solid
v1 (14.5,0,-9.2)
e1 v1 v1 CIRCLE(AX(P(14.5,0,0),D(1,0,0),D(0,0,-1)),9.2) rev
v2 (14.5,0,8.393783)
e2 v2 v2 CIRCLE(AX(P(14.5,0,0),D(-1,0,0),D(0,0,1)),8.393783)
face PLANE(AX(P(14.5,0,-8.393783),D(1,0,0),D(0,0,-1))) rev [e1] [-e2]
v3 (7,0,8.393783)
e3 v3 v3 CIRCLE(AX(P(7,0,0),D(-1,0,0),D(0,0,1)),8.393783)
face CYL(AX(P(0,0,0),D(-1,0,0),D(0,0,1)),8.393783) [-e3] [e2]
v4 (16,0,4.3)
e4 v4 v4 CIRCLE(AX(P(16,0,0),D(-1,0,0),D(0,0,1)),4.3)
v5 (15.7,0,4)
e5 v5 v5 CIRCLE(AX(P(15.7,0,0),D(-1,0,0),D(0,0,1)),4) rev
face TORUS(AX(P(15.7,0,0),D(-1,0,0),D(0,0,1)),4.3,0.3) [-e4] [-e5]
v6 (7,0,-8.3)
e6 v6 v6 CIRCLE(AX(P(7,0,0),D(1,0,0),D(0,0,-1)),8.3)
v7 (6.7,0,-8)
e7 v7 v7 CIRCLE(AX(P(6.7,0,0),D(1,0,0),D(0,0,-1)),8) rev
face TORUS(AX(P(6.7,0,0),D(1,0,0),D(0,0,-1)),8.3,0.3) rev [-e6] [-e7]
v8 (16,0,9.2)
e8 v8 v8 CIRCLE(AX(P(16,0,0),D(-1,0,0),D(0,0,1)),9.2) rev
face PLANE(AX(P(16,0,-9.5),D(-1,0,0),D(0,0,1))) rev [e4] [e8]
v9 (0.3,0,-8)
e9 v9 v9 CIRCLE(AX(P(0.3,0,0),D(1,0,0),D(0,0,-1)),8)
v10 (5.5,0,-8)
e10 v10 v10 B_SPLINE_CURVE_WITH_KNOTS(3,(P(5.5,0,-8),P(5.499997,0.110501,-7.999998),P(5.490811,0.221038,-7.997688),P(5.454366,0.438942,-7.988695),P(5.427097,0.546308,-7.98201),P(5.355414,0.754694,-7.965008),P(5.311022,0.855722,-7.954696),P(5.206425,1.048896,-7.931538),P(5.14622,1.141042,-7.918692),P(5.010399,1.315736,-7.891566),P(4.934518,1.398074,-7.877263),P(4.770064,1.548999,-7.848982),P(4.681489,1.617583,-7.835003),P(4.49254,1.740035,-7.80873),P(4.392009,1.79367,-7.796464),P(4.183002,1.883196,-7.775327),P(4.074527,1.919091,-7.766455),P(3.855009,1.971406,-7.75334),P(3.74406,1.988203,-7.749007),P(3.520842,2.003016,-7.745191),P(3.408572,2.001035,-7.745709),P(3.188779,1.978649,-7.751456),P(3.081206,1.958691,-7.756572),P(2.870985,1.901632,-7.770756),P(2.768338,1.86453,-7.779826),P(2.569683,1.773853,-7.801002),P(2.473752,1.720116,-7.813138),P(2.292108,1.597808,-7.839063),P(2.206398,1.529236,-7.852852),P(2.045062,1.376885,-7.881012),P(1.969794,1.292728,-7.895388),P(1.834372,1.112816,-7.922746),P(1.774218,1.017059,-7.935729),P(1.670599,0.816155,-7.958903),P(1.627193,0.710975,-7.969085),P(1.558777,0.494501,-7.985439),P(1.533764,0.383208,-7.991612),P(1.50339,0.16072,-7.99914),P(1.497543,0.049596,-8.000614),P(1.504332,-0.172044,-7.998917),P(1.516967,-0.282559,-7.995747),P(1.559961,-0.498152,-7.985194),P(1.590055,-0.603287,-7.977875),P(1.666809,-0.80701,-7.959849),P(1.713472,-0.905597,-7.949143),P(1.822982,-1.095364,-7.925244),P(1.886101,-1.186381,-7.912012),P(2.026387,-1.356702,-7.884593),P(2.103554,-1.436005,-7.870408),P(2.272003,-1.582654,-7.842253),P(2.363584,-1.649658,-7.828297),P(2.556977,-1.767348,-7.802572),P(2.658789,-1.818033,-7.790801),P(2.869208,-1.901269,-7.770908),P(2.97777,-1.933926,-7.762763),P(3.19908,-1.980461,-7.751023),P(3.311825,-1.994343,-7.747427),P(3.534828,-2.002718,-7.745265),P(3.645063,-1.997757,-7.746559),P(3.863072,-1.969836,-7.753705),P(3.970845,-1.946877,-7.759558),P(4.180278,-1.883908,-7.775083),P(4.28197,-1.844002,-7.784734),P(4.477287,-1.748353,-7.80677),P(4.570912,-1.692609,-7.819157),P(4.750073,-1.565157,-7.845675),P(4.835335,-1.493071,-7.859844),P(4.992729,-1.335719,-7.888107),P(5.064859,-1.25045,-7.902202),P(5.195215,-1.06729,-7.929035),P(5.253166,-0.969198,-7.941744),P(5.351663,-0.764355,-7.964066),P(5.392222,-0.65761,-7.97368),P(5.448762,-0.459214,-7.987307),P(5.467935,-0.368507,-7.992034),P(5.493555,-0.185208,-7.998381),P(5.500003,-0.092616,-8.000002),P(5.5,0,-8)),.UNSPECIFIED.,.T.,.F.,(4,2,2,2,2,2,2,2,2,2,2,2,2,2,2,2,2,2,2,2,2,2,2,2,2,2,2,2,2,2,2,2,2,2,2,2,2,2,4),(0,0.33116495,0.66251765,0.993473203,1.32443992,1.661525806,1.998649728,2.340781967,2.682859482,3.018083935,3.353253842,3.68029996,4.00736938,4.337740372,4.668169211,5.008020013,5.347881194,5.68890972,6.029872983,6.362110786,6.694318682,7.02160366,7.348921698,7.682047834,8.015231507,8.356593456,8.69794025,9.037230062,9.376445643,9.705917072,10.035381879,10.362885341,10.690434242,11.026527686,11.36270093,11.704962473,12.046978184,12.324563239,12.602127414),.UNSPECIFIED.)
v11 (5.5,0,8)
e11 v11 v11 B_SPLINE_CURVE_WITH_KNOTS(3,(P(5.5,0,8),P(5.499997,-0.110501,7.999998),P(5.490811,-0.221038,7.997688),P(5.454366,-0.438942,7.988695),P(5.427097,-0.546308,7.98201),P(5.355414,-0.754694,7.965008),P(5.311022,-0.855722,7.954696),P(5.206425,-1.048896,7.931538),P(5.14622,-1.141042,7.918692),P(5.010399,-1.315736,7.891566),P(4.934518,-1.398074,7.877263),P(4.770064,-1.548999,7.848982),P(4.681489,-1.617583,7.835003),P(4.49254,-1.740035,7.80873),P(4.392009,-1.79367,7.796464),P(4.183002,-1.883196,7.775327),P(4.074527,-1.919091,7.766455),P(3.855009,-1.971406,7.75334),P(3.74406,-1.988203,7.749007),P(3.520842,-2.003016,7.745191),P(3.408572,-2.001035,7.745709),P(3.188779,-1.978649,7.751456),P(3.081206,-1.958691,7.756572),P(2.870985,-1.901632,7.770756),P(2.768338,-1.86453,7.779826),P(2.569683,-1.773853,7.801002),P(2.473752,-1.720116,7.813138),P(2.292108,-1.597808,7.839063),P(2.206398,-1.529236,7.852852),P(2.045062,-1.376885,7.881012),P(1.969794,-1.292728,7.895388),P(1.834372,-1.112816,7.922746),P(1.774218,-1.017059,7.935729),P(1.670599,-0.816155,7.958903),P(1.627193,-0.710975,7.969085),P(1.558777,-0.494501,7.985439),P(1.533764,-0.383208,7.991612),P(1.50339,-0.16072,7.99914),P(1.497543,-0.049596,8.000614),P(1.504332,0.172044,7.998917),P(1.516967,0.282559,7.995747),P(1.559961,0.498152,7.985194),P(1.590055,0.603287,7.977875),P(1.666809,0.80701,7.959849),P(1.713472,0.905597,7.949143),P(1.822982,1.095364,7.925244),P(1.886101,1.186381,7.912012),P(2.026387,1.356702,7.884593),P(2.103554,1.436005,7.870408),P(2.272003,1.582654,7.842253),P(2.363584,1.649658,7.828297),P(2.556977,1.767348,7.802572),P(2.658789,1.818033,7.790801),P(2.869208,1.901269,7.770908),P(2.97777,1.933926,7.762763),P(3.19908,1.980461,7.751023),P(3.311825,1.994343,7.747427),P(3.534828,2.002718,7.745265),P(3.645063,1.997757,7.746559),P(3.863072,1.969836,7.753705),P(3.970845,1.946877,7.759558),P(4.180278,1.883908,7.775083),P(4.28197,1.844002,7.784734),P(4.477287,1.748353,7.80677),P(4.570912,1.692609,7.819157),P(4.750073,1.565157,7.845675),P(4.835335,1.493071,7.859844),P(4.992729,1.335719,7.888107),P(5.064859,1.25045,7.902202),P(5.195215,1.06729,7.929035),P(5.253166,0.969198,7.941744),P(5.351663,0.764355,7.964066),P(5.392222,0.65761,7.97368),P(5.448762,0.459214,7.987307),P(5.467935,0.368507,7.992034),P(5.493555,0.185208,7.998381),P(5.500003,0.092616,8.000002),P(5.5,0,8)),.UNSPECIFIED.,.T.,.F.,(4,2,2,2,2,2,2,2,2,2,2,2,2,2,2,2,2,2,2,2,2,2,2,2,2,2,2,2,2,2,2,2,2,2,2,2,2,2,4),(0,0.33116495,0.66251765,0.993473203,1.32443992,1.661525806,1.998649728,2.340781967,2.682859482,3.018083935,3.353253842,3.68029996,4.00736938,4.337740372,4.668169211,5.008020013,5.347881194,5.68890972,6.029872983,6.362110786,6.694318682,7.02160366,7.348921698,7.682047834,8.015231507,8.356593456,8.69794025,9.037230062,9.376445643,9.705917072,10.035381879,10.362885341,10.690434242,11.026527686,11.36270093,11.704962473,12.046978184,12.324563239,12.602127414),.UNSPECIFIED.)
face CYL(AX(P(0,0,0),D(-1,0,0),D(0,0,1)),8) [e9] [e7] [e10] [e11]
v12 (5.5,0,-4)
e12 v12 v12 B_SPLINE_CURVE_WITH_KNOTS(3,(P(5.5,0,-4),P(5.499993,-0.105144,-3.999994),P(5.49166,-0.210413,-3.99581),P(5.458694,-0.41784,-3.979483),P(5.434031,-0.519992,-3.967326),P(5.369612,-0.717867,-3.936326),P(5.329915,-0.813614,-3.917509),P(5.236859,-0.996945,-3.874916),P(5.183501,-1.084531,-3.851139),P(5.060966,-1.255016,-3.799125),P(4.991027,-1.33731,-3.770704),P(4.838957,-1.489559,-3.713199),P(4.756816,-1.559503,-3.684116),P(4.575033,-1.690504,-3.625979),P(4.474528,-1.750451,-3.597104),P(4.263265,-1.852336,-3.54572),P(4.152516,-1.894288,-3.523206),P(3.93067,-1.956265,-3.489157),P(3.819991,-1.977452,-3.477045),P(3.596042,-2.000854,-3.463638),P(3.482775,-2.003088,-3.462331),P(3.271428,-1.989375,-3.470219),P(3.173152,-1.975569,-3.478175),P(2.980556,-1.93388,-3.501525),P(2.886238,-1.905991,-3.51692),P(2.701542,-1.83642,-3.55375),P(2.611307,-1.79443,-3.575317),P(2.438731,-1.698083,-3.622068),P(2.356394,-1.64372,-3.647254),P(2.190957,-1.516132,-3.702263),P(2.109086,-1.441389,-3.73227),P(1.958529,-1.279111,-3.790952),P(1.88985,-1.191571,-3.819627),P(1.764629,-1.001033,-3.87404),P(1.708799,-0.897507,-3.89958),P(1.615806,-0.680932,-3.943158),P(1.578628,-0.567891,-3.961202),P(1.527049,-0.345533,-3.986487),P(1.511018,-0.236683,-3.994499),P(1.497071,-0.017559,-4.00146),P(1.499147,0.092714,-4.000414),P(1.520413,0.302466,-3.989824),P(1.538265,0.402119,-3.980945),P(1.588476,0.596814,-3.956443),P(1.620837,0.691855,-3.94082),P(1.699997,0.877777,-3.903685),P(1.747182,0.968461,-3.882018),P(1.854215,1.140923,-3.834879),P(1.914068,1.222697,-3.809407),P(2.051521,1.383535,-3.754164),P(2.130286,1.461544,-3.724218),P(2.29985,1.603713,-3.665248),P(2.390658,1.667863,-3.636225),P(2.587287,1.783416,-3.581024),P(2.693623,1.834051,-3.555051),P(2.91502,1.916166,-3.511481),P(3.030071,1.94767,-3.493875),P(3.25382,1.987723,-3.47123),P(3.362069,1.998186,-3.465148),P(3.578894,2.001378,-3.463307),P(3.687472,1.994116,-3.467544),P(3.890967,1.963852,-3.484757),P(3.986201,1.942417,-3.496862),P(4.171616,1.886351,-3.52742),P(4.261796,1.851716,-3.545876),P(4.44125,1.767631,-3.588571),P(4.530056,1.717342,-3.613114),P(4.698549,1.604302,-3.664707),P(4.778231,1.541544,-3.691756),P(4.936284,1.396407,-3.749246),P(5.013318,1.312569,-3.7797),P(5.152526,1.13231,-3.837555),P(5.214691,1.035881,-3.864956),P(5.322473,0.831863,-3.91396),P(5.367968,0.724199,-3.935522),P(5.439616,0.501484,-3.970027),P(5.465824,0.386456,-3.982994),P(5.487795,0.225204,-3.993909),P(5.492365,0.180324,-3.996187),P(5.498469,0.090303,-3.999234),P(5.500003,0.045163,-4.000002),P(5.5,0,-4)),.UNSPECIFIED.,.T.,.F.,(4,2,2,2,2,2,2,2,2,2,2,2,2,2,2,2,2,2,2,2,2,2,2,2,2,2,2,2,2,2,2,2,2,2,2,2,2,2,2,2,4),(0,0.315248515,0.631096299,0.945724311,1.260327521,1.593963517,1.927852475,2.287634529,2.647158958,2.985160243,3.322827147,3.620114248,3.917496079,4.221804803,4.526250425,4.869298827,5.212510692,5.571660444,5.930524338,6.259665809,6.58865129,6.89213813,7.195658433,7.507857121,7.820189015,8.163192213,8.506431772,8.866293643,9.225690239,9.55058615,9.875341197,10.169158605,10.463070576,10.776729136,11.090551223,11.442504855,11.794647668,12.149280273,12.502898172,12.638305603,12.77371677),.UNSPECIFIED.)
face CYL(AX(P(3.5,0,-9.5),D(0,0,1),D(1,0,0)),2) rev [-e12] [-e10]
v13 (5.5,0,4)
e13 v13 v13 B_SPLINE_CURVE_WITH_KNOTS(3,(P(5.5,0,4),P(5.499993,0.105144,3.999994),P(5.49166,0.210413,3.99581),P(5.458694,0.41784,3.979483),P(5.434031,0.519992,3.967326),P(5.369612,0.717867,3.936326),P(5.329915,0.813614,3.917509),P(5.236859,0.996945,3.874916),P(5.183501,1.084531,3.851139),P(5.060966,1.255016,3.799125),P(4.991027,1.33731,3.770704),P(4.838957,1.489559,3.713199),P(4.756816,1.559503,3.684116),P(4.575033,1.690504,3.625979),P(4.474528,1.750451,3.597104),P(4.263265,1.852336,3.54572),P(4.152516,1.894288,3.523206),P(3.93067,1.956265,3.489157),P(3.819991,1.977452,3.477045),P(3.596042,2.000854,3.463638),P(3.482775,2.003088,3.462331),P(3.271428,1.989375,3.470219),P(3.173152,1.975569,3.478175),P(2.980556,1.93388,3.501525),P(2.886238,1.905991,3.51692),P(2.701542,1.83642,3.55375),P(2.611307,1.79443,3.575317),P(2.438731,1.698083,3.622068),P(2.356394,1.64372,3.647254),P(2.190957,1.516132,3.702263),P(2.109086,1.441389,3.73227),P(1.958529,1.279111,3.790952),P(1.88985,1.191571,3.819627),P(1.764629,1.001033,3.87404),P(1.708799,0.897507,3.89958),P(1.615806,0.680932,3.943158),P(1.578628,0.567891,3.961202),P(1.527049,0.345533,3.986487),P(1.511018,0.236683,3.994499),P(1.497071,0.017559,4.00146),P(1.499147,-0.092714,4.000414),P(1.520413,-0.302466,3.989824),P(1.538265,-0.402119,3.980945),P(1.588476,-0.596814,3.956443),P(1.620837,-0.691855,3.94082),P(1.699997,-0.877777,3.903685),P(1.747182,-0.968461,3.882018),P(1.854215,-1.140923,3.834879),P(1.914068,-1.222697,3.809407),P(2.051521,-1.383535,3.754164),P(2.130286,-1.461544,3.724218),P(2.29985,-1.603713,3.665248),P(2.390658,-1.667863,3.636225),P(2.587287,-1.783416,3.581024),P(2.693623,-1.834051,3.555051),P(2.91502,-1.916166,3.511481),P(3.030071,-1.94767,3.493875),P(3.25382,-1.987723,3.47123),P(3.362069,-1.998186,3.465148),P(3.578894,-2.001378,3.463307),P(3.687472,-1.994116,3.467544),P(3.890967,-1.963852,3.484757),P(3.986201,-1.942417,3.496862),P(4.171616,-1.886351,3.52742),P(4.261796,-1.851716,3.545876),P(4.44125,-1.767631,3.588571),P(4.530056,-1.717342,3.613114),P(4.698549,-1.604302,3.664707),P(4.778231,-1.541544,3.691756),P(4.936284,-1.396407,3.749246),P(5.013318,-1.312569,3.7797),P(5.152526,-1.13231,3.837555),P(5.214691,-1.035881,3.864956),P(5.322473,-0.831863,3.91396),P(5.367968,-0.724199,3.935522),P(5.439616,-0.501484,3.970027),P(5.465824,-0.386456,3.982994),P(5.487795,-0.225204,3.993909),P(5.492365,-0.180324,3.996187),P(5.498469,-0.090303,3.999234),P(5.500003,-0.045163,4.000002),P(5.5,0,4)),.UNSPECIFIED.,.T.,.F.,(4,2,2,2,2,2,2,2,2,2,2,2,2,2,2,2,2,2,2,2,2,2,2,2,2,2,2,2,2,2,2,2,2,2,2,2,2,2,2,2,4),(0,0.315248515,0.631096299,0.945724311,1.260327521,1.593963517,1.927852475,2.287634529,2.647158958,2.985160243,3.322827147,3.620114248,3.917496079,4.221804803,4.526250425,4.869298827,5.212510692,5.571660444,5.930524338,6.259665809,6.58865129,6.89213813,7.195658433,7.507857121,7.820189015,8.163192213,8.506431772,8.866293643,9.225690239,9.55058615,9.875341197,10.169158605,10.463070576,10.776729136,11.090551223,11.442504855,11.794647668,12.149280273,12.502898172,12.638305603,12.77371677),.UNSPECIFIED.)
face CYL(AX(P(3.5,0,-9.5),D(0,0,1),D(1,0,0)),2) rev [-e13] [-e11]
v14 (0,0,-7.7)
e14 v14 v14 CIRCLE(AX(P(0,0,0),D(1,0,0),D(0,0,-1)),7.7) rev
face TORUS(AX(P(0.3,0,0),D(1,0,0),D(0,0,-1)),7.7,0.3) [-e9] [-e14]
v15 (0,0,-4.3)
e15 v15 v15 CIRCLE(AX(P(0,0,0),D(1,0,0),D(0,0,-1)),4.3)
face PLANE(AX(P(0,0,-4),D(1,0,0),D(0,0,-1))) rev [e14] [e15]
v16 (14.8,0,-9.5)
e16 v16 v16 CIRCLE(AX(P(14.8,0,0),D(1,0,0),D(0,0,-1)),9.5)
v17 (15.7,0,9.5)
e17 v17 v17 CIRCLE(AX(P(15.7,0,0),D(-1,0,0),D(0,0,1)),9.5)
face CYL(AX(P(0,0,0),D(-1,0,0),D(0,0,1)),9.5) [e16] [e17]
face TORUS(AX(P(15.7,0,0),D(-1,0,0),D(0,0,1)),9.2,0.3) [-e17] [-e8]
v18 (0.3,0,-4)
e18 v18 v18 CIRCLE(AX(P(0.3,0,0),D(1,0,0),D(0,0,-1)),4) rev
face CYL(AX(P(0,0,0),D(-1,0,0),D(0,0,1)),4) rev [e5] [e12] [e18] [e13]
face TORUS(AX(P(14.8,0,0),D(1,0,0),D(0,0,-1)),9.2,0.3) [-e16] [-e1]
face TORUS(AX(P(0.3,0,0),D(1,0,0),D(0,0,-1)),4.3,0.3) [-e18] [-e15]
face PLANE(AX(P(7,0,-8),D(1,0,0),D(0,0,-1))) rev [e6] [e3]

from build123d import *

# Parameters (mm, degrees)
FILLET1_R               = 0.3
SKETCH2_R               = 2
CUT_EXTRUDE1_DEPTH      = 10.5
CUT_EXTRUDE1_DEPTH_BACK = 10.5


with BuildPart() as part:
    # Sketch1 → Revolve1 (revolve)
    with BuildSketch(Plane(origin=(0, 0, 0), x_dir=(1, 0, 0), z_dir=(0, 1, 0))):
        Polygon((0, 4), (0, 8), (7, 8), (7, 8.39378315), (14.5, 8.39378315), (14.5, 9.5), (16, 9.5), (16, 4), align=None)
    revolve(axis=Axis((0, 0, 0), (1, 0, 0)))

    # Fillet1
    fillet1_edges = [part.edges().sort_by_distance(p)[0] for p in [
        (0, 0, 4),
        (16, 0, 4),
        (16, 0, 9.5),
        (14.5, 0, 9.5),
        (7, 0, 8),
        (0, 0, 8),
    ]]
    fillet(fillet1_edges, radius=FILLET1_R)

    # Sketch2 → Cut-Extrude1 (cut, two sides)
    with BuildSketch(Plane.XY) as cut_extrude1_sk:
        with Locations((3.5, 0)):
            Circle(SKETCH2_R)
    extrude(amount=CUT_EXTRUDE1_DEPTH, mode=Mode.SUBTRACT)
    extrude(cut_extrude1_sk.sketch, amount=-CUT_EXTRUDE1_DEPTH_BACK, mode=Mode.SUBTRACT)


solid = part.part
